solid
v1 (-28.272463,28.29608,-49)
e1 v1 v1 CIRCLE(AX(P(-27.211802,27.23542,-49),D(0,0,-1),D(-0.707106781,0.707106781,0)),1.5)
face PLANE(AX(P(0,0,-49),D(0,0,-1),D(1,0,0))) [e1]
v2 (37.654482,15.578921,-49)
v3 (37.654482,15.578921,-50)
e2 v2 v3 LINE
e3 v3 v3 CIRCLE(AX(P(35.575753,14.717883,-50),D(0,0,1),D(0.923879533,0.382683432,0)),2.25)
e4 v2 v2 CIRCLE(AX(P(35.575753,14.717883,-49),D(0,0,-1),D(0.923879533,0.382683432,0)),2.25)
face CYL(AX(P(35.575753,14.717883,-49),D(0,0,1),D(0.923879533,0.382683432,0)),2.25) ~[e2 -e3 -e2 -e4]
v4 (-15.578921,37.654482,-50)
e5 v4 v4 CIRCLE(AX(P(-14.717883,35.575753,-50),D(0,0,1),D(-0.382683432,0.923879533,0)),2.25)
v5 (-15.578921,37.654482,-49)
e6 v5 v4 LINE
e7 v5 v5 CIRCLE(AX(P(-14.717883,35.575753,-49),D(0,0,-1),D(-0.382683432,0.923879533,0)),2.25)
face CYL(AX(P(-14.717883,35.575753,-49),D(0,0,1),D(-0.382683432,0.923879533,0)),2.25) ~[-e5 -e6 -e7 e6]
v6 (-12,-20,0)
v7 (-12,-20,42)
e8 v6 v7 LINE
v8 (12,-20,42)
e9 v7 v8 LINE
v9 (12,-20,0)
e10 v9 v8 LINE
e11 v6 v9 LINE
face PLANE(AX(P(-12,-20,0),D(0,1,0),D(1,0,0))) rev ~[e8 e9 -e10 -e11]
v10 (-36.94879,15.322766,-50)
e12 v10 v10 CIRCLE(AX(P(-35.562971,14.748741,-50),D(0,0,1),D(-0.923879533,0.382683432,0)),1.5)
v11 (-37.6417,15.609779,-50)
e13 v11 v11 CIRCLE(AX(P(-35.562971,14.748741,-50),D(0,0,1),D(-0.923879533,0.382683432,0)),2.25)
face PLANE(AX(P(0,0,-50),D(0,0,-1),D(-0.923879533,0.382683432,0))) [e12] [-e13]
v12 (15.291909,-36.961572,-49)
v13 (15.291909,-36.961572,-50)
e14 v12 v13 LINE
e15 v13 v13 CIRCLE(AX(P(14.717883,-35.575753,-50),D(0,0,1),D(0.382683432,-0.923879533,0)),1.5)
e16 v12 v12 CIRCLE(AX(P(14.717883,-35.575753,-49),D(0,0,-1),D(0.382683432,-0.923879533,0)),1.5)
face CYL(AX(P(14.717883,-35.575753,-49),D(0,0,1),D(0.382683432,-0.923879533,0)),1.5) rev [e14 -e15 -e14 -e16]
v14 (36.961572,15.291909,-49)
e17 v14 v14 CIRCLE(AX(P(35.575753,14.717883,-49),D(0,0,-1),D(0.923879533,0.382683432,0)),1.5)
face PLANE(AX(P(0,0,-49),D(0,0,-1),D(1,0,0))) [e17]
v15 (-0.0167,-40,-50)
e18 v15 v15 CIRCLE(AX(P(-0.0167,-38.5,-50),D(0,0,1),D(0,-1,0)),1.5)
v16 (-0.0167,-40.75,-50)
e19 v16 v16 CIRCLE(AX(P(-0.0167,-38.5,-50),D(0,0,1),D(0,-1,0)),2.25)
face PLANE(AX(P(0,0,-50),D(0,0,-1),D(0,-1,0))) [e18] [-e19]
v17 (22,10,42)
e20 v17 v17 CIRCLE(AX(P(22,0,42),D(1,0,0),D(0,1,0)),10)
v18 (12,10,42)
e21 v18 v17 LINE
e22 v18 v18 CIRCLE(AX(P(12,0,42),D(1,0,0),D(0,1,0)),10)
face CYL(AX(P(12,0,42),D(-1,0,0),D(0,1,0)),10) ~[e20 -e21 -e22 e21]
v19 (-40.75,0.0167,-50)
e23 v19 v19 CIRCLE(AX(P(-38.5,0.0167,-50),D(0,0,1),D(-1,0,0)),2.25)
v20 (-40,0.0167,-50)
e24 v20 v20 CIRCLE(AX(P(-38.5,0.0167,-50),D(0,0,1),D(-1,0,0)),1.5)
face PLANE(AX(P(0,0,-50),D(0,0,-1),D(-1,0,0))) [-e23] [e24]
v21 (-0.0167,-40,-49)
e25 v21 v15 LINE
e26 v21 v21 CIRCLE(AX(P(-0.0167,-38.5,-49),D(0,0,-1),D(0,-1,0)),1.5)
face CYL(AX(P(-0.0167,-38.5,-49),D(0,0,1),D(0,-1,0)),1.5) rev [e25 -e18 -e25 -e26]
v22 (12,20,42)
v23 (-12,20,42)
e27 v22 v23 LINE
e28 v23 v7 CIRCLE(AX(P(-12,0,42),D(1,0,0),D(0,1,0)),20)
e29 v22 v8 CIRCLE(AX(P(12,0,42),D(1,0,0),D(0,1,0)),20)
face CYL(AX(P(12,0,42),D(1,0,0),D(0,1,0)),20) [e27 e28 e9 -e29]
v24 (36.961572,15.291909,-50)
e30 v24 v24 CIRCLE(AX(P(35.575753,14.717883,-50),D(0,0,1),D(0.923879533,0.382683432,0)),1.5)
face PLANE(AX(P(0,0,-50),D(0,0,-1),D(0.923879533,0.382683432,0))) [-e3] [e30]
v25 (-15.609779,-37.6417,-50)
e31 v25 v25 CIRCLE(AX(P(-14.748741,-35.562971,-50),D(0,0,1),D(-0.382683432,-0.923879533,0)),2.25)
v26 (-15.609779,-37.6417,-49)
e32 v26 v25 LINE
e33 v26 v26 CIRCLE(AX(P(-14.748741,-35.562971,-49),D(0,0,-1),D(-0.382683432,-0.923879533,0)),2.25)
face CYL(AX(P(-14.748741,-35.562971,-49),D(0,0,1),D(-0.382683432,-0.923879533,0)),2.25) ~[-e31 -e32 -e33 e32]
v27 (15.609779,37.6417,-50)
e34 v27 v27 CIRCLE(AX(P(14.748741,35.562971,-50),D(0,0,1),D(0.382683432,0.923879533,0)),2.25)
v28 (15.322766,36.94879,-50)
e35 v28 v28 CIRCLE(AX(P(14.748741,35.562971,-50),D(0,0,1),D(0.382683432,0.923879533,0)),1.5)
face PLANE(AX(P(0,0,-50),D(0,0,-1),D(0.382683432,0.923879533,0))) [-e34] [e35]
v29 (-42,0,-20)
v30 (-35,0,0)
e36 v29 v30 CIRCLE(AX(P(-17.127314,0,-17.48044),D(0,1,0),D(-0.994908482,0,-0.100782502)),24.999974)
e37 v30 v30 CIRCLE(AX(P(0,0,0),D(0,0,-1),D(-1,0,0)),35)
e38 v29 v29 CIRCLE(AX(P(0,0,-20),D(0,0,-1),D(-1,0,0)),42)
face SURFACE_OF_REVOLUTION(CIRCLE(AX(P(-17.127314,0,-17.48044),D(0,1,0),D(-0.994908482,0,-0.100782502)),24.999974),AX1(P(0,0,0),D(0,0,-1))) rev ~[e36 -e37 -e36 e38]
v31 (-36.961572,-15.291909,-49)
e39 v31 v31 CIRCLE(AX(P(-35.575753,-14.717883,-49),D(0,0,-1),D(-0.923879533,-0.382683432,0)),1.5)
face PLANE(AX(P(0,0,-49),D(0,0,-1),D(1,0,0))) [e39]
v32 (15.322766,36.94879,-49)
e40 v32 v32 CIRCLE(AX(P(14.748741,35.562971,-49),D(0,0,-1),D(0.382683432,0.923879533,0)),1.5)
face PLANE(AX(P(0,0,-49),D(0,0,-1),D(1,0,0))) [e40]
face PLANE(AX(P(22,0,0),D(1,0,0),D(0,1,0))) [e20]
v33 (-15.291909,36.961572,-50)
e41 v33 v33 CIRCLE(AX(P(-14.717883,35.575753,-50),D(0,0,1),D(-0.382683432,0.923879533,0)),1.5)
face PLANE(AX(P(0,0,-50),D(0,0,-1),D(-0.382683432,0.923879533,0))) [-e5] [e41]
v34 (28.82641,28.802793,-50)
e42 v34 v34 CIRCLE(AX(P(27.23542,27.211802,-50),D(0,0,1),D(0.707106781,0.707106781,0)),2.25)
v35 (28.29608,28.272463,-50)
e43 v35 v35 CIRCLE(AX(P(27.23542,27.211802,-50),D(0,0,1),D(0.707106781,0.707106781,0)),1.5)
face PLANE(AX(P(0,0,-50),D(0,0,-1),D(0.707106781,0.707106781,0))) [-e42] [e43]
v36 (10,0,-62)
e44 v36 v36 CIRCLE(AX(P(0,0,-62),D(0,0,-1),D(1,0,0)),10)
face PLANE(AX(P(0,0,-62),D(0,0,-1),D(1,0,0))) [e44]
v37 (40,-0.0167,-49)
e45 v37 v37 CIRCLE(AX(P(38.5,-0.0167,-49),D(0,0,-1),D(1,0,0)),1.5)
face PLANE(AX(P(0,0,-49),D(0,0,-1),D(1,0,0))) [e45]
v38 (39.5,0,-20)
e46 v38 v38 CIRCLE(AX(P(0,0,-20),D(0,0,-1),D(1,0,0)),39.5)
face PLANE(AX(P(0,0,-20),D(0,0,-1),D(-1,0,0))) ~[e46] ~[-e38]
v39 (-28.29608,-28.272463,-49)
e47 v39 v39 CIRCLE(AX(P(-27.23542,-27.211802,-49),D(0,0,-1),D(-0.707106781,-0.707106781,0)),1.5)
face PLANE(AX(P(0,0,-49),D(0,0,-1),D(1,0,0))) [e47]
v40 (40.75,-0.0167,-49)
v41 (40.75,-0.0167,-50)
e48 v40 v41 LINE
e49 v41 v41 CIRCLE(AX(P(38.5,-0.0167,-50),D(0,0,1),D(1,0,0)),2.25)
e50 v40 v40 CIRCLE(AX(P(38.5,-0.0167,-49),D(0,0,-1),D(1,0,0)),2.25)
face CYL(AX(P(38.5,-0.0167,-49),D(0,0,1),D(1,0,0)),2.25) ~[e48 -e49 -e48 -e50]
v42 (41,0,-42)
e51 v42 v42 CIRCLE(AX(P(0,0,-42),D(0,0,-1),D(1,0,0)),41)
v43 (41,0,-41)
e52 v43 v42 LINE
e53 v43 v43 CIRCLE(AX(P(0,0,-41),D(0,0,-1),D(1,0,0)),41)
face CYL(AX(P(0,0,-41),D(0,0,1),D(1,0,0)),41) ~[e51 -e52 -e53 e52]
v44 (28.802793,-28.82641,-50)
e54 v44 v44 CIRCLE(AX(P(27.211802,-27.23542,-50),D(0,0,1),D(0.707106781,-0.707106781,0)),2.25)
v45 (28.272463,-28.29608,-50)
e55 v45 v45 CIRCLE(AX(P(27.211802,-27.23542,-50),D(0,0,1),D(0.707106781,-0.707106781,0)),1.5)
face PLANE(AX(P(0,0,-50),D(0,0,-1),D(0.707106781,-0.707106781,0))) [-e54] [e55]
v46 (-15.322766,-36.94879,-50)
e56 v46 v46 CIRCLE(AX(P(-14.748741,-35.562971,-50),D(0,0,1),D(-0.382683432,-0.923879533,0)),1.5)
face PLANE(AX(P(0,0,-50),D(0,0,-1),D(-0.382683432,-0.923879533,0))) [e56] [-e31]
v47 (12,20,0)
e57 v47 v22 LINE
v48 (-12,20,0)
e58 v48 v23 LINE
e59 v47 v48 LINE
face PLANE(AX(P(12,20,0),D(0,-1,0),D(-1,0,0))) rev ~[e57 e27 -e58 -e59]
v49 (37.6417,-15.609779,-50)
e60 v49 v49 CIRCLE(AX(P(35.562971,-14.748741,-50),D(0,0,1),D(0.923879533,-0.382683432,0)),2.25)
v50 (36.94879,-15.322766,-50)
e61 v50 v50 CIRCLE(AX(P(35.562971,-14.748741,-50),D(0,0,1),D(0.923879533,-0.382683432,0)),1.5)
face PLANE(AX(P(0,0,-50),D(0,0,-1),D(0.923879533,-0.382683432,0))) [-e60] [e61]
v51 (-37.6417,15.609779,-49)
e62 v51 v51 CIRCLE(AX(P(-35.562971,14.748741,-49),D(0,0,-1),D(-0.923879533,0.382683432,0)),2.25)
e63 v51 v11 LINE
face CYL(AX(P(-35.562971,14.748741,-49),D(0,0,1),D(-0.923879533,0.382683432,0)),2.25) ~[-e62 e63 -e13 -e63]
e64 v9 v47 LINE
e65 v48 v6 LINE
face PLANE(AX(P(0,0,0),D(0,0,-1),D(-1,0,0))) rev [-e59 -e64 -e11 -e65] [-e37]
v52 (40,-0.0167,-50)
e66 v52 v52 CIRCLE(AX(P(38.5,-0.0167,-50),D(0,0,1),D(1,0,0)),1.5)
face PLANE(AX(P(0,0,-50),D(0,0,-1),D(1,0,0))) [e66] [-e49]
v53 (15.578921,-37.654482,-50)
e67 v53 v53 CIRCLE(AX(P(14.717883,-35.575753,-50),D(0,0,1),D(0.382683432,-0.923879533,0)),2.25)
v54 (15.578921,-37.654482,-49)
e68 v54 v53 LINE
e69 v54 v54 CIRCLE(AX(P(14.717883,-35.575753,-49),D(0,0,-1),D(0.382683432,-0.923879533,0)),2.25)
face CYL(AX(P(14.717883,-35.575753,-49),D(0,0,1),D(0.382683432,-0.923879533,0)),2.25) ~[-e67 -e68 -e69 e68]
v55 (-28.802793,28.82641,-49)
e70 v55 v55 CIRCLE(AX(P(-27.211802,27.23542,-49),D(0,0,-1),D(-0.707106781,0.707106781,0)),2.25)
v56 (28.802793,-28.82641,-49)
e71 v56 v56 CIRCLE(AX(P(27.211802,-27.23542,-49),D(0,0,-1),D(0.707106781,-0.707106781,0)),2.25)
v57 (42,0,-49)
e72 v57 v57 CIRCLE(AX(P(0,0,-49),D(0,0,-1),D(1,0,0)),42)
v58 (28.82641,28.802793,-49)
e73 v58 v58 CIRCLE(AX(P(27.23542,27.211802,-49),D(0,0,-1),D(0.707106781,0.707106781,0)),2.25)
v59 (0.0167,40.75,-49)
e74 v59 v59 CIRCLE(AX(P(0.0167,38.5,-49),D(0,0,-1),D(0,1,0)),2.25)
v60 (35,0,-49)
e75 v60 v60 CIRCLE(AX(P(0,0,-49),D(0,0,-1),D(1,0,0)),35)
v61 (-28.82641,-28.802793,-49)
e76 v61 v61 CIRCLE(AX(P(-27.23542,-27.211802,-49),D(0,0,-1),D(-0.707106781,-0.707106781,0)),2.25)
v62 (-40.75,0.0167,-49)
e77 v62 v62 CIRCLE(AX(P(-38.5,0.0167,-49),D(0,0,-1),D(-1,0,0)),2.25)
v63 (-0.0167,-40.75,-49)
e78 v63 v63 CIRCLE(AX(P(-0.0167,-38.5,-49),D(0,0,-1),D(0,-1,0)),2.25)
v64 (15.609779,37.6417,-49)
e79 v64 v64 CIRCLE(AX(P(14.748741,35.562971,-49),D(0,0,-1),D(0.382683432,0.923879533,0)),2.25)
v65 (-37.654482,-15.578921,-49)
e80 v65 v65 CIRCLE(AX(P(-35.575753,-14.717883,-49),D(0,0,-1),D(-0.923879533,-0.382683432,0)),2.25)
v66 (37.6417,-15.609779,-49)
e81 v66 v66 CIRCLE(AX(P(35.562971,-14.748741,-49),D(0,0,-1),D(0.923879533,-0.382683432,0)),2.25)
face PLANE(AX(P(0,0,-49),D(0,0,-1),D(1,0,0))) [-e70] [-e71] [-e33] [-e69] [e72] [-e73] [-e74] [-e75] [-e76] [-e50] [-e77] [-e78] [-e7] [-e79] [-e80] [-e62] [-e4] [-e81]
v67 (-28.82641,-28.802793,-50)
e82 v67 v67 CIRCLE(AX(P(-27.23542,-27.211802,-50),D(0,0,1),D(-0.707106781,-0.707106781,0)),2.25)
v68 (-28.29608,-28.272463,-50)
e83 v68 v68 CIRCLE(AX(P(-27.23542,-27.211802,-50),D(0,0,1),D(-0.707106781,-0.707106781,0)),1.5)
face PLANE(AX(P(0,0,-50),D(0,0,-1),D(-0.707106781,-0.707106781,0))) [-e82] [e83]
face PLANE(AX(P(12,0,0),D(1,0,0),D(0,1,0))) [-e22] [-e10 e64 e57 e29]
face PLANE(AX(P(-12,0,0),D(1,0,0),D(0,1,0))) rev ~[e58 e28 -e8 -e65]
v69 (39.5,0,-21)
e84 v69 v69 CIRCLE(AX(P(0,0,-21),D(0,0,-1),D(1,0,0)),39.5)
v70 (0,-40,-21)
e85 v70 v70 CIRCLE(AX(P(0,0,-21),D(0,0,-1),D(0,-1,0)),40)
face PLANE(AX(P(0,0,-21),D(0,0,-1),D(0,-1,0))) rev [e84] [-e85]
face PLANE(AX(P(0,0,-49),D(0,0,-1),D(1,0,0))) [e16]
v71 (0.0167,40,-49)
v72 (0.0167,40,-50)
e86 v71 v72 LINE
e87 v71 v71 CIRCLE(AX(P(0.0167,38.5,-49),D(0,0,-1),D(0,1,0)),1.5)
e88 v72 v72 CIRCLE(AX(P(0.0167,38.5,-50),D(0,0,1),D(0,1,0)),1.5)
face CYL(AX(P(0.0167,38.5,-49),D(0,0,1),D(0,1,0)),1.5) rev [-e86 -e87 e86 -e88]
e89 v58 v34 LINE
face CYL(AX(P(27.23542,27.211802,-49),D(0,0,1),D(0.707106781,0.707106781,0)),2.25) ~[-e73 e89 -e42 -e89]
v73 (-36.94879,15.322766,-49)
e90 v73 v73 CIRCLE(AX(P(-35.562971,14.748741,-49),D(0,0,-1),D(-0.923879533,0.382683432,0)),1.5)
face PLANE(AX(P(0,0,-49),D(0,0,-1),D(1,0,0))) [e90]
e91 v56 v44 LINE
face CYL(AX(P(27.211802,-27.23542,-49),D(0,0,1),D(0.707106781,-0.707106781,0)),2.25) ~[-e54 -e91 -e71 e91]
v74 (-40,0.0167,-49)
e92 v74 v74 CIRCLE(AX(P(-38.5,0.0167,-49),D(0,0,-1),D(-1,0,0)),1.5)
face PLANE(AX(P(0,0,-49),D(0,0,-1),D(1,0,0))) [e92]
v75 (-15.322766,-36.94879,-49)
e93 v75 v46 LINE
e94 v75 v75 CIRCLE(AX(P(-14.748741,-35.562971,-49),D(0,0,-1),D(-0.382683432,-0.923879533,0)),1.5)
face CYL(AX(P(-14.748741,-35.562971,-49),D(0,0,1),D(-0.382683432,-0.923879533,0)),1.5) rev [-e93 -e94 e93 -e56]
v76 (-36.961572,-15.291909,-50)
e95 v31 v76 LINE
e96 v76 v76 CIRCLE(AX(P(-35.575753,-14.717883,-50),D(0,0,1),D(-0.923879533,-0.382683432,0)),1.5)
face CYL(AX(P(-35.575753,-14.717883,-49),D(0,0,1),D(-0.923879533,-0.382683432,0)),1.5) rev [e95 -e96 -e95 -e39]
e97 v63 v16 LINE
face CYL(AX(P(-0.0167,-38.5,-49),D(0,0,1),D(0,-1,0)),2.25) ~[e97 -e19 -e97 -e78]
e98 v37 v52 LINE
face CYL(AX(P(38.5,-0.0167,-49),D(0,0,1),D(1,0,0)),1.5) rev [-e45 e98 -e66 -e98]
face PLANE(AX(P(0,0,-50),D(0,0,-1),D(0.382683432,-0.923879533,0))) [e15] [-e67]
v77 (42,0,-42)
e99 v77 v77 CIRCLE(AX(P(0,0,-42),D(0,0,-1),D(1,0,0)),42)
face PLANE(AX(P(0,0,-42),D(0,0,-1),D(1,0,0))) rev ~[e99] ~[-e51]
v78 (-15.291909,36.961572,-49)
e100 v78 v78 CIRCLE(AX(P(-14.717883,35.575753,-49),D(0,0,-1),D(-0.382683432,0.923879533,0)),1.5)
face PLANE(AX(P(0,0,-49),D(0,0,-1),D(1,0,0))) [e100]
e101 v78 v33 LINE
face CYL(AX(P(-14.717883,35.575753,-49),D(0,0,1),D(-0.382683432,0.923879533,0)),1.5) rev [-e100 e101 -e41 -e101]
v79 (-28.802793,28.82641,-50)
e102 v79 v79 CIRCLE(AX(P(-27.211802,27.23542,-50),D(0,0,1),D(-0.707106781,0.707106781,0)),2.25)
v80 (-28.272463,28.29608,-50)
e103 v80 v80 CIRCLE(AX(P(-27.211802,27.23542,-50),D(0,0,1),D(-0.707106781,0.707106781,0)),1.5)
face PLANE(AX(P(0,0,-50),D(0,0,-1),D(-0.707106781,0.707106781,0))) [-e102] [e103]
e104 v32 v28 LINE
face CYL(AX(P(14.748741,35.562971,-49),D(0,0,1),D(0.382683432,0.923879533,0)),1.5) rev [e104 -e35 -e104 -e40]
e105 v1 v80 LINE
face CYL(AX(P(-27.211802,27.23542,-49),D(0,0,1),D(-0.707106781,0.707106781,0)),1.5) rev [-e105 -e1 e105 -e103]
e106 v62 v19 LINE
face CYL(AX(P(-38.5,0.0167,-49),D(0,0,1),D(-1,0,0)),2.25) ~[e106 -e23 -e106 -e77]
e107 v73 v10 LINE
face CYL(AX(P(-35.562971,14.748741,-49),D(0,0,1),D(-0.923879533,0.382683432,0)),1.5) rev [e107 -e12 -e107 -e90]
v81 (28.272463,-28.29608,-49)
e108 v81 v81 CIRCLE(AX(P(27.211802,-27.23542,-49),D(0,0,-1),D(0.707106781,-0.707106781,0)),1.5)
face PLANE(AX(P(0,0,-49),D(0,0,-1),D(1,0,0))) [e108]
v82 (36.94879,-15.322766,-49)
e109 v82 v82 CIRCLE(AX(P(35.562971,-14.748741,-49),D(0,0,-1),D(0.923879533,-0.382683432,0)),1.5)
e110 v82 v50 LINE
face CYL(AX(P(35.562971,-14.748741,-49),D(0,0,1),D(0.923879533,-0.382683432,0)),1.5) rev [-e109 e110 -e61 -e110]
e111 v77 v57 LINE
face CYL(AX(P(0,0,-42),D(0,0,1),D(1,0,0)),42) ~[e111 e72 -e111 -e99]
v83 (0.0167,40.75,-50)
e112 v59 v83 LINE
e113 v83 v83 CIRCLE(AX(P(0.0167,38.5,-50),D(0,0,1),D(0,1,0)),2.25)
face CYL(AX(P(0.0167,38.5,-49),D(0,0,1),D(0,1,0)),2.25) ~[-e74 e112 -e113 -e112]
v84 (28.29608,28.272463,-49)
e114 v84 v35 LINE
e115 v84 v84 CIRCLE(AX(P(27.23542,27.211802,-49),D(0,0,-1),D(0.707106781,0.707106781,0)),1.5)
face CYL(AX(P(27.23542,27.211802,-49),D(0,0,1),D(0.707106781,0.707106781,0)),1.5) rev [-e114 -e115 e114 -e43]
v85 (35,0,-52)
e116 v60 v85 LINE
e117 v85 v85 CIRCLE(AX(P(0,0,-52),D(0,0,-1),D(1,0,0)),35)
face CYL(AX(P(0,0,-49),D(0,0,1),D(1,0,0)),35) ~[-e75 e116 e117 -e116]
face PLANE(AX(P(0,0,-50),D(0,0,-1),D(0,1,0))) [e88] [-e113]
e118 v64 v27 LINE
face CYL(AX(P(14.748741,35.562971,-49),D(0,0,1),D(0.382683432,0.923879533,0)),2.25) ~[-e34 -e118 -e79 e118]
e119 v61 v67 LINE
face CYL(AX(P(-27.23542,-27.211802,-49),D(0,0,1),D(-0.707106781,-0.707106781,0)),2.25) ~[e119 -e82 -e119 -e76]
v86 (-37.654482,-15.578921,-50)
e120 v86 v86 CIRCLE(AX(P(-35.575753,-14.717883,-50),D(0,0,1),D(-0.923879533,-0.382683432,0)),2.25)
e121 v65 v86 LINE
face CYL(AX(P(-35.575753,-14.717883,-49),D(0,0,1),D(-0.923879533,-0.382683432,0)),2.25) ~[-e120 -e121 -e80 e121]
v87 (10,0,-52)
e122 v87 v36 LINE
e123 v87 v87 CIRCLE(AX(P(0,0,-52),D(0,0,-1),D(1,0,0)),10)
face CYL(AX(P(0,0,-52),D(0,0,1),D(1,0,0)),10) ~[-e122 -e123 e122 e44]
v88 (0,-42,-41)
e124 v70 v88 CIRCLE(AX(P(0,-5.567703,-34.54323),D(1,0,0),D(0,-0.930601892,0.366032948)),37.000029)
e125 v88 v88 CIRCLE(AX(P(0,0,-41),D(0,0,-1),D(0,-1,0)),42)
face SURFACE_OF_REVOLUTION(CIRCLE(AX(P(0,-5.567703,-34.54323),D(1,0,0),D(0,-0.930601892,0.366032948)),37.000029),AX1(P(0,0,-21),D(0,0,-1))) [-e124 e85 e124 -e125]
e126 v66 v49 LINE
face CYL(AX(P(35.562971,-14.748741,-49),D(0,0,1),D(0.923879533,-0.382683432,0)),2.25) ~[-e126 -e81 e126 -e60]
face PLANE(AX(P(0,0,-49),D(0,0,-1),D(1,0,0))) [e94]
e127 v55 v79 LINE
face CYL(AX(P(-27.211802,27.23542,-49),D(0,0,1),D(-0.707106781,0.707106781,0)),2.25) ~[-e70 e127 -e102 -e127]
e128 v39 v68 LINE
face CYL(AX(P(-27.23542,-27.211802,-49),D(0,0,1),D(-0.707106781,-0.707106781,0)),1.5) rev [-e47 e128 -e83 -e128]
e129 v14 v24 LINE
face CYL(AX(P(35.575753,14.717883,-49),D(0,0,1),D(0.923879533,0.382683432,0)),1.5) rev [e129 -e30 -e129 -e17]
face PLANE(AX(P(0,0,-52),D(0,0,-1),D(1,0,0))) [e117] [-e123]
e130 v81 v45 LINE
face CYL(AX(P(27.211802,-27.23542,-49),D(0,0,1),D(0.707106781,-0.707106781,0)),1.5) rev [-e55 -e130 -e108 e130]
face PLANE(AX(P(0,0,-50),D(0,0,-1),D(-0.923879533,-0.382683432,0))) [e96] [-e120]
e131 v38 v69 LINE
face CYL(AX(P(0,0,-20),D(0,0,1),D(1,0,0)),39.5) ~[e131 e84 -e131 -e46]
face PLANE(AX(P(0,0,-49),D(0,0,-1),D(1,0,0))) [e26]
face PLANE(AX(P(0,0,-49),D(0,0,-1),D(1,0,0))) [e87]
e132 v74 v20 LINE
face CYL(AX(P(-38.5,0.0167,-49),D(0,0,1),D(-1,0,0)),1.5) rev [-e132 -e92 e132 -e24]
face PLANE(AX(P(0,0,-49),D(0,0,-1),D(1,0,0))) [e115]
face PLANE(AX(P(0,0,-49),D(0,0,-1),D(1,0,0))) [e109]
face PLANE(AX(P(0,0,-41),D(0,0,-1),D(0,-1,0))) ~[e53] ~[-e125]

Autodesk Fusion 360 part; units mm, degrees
sketch "Sketch1" plane through (0, 0, 0) normal (0, 1, 0) x (1, 0, 0)
  line L0 (0, 0) -> (-35, 0)
  line L1 (0, 0) -> (0, 20)
  line L2 (0, 20) -> (-42, 20)
  arc A0 (-42, 20) -> (-35, 0) centre (-17.1273, 17.4804) ccw
  dimension "d1" = 35
  dimension "d2" = 20
  dimension "d3" = 42
  dimension "d4" = 25
revolve "Revolve1" add sketch "Sketch1" angle 360 about axis through (0, 0, 0) along (0, 0, -1) in component "Component"
sketch "Sketch2" plane through (0, 0, -20) normal (0, 0, -1) x (1, 0, 0)
  circle A0 centre (0, 0) radius 42
  circle A1 centre (0, 0) radius 39.5
  dimension "d6" = 79
extrude "Extrude1" add sketch "Sketch2" along normal blind 1 contours A1 in component "Component"
sketch "Sketch3" plane through (0, 0, 0) normal (1, 0, 0) x (0, 1, 0)
  line L0 (0, -21) -> (0, -41)
  line L1 (0, -41) -> (-42, -41)
  line L2 (0, -21) -> (-40, -21)
  arc A0 (-40, -21) -> (-42, -41) centre (-5.5677, -34.5432) ccw
  dimension "d9" = 20
  dimension "d10" = 42
  dimension "d11" = 40
  dimension "d12" = 37
revolve "Revolve2" add sketch "Sketch3" angle 360 about axis through (0, 0, -21) along (0, 0, -1) in component "Component"
sketch "Sketch4" plane through (0, 0, -41) normal (0, 0, -1) x (1, 0, 0)
  circle A0 centre (0, 0) radius 42
  circle A1 centre (0, 0) radius 41
  dimension "d14" = 82
extrude "Extrude2" add sketch "Sketch4" along normal blind 1 contours A1 in component "Component"
sketch "Sketch5" plane through (0, 0, -42) normal (0, 0, -1) x (1, 0, 0)
  circle A0 centre (0, 0) radius 41
  circle A1 centre (0, 0) radius 42
  dimension "d17" = 84
extrude "Extrude3" add sketch "Sketch5" along normal blind 7 contours A0 | A1 in component "Component"
sketch "Sketch6" plane through (0, 0, -49) normal (0, 0, -1) x (1, 0, 0)
  circle A0 centre (0, 0) radius 42
  circle A1 centre (0, 0) radius 35
  dimension "d20" = 70
extrude "Extrude4" add sketch "Sketch6" along normal blind 3 contours A1 in component "Component"
sketch "Sketch7" plane through (0, 0, -49) normal (0, 0, -1) x (1, 0, 0)
  circle A0 centre (0, 0) radius 35
  circle A1 centre (0, 0) radius 42
  line L0 (35, 0.0167) -> (42, 0.0167)
  circle A2 centre (38.5, 0.0167) radius 2.25
  circle A3 centre (38.5, 0.0167) radius 1.5
  dimension "d23" = 4.5
  dimension "d24" = 3
extrude "Extrude5" add sketch "Sketch7" along normal blind 1 contours L0 A2 A3 | L0 A2 A3 in component "Component"
pattern_circular "C-Pattern1" count 16 over 360 about axis through (0, 0, -49) along (0, 0, 1) of "Extrude5" in component "Component"
sketch "Sketch8" plane through (0, 0, 0) normal (0, 0, 1) x (-1, 0, 0)
  circle A0 centre (0, 0) radius 35
  line L0 (12, 20) -> (-12, 20)
  line L1 (-12, 20) -> (-12, -20)
  line L2 (-12, -20) -> (12, -20)
  line L3 (12, -20) -> (12, 20)
  line L4 (12, 20) -> (-12, -20) construction
  line L5 (-12, 20) -> (12, -20) construction
  dimension "d29" = 24
  dimension "d30" = 40
extrude "Extrude6" add sketch "Sketch8" along normal blind 42 contours L0 L1 L2 L3 in component "Component"
sketch "Sketch9" plane through (12, 0, 0) normal (1, 0, 0) x (0, 1, 0)
  line L0 (-20, 0) -> (20, 0)
  line L1 (20, 0) -> (20, 42)
  line L2 (20, 42) -> (-20, 42)
  line L3 (-20, 42) -> (-20, 0)
  circle A0 centre (0, 42) radius 20
extrude "Extrude7" add sketch "Sketch9" against normal blind 24 contours L2 A0 picked at (4.1566, 47.2122) in component "Component"
sketch "Sketch10" plane through (12, 0, 0) normal (1, 0, 0) x (0, 1, 0)
  line L0 (-20, 0) -> (20, 0)
  line L1 (20, 0) -> (20, 42)
  arc A0 (20, 42) -> (-20, 42) centre (0, 42) ccw
  line L2 (-20, 42) -> (-20, 0)
  circle A1 centre (0, 42) radius 10
  dimension "d35" = 20
extrude "Extrude8" add sketch "Sketch10" along normal blind 10 contours A1 in component "Component"
sketch "Sketch11" plane through (0, 0, -52) normal (0, 0, -1) x (1, 0, 0)
  circle A0 centre (0, 0) radius 35
  circle A1 centre (0, 0) radius 10
  dimension "d38" = 20
extrude "Extrude9" add sketch "Sketch11" along normal blind 10 contours A1 in component "Component"
component "Component" placed x (1, 0, 0) y (0, 1, 0) z (0, 0, 1) at (0, 0, 0)
